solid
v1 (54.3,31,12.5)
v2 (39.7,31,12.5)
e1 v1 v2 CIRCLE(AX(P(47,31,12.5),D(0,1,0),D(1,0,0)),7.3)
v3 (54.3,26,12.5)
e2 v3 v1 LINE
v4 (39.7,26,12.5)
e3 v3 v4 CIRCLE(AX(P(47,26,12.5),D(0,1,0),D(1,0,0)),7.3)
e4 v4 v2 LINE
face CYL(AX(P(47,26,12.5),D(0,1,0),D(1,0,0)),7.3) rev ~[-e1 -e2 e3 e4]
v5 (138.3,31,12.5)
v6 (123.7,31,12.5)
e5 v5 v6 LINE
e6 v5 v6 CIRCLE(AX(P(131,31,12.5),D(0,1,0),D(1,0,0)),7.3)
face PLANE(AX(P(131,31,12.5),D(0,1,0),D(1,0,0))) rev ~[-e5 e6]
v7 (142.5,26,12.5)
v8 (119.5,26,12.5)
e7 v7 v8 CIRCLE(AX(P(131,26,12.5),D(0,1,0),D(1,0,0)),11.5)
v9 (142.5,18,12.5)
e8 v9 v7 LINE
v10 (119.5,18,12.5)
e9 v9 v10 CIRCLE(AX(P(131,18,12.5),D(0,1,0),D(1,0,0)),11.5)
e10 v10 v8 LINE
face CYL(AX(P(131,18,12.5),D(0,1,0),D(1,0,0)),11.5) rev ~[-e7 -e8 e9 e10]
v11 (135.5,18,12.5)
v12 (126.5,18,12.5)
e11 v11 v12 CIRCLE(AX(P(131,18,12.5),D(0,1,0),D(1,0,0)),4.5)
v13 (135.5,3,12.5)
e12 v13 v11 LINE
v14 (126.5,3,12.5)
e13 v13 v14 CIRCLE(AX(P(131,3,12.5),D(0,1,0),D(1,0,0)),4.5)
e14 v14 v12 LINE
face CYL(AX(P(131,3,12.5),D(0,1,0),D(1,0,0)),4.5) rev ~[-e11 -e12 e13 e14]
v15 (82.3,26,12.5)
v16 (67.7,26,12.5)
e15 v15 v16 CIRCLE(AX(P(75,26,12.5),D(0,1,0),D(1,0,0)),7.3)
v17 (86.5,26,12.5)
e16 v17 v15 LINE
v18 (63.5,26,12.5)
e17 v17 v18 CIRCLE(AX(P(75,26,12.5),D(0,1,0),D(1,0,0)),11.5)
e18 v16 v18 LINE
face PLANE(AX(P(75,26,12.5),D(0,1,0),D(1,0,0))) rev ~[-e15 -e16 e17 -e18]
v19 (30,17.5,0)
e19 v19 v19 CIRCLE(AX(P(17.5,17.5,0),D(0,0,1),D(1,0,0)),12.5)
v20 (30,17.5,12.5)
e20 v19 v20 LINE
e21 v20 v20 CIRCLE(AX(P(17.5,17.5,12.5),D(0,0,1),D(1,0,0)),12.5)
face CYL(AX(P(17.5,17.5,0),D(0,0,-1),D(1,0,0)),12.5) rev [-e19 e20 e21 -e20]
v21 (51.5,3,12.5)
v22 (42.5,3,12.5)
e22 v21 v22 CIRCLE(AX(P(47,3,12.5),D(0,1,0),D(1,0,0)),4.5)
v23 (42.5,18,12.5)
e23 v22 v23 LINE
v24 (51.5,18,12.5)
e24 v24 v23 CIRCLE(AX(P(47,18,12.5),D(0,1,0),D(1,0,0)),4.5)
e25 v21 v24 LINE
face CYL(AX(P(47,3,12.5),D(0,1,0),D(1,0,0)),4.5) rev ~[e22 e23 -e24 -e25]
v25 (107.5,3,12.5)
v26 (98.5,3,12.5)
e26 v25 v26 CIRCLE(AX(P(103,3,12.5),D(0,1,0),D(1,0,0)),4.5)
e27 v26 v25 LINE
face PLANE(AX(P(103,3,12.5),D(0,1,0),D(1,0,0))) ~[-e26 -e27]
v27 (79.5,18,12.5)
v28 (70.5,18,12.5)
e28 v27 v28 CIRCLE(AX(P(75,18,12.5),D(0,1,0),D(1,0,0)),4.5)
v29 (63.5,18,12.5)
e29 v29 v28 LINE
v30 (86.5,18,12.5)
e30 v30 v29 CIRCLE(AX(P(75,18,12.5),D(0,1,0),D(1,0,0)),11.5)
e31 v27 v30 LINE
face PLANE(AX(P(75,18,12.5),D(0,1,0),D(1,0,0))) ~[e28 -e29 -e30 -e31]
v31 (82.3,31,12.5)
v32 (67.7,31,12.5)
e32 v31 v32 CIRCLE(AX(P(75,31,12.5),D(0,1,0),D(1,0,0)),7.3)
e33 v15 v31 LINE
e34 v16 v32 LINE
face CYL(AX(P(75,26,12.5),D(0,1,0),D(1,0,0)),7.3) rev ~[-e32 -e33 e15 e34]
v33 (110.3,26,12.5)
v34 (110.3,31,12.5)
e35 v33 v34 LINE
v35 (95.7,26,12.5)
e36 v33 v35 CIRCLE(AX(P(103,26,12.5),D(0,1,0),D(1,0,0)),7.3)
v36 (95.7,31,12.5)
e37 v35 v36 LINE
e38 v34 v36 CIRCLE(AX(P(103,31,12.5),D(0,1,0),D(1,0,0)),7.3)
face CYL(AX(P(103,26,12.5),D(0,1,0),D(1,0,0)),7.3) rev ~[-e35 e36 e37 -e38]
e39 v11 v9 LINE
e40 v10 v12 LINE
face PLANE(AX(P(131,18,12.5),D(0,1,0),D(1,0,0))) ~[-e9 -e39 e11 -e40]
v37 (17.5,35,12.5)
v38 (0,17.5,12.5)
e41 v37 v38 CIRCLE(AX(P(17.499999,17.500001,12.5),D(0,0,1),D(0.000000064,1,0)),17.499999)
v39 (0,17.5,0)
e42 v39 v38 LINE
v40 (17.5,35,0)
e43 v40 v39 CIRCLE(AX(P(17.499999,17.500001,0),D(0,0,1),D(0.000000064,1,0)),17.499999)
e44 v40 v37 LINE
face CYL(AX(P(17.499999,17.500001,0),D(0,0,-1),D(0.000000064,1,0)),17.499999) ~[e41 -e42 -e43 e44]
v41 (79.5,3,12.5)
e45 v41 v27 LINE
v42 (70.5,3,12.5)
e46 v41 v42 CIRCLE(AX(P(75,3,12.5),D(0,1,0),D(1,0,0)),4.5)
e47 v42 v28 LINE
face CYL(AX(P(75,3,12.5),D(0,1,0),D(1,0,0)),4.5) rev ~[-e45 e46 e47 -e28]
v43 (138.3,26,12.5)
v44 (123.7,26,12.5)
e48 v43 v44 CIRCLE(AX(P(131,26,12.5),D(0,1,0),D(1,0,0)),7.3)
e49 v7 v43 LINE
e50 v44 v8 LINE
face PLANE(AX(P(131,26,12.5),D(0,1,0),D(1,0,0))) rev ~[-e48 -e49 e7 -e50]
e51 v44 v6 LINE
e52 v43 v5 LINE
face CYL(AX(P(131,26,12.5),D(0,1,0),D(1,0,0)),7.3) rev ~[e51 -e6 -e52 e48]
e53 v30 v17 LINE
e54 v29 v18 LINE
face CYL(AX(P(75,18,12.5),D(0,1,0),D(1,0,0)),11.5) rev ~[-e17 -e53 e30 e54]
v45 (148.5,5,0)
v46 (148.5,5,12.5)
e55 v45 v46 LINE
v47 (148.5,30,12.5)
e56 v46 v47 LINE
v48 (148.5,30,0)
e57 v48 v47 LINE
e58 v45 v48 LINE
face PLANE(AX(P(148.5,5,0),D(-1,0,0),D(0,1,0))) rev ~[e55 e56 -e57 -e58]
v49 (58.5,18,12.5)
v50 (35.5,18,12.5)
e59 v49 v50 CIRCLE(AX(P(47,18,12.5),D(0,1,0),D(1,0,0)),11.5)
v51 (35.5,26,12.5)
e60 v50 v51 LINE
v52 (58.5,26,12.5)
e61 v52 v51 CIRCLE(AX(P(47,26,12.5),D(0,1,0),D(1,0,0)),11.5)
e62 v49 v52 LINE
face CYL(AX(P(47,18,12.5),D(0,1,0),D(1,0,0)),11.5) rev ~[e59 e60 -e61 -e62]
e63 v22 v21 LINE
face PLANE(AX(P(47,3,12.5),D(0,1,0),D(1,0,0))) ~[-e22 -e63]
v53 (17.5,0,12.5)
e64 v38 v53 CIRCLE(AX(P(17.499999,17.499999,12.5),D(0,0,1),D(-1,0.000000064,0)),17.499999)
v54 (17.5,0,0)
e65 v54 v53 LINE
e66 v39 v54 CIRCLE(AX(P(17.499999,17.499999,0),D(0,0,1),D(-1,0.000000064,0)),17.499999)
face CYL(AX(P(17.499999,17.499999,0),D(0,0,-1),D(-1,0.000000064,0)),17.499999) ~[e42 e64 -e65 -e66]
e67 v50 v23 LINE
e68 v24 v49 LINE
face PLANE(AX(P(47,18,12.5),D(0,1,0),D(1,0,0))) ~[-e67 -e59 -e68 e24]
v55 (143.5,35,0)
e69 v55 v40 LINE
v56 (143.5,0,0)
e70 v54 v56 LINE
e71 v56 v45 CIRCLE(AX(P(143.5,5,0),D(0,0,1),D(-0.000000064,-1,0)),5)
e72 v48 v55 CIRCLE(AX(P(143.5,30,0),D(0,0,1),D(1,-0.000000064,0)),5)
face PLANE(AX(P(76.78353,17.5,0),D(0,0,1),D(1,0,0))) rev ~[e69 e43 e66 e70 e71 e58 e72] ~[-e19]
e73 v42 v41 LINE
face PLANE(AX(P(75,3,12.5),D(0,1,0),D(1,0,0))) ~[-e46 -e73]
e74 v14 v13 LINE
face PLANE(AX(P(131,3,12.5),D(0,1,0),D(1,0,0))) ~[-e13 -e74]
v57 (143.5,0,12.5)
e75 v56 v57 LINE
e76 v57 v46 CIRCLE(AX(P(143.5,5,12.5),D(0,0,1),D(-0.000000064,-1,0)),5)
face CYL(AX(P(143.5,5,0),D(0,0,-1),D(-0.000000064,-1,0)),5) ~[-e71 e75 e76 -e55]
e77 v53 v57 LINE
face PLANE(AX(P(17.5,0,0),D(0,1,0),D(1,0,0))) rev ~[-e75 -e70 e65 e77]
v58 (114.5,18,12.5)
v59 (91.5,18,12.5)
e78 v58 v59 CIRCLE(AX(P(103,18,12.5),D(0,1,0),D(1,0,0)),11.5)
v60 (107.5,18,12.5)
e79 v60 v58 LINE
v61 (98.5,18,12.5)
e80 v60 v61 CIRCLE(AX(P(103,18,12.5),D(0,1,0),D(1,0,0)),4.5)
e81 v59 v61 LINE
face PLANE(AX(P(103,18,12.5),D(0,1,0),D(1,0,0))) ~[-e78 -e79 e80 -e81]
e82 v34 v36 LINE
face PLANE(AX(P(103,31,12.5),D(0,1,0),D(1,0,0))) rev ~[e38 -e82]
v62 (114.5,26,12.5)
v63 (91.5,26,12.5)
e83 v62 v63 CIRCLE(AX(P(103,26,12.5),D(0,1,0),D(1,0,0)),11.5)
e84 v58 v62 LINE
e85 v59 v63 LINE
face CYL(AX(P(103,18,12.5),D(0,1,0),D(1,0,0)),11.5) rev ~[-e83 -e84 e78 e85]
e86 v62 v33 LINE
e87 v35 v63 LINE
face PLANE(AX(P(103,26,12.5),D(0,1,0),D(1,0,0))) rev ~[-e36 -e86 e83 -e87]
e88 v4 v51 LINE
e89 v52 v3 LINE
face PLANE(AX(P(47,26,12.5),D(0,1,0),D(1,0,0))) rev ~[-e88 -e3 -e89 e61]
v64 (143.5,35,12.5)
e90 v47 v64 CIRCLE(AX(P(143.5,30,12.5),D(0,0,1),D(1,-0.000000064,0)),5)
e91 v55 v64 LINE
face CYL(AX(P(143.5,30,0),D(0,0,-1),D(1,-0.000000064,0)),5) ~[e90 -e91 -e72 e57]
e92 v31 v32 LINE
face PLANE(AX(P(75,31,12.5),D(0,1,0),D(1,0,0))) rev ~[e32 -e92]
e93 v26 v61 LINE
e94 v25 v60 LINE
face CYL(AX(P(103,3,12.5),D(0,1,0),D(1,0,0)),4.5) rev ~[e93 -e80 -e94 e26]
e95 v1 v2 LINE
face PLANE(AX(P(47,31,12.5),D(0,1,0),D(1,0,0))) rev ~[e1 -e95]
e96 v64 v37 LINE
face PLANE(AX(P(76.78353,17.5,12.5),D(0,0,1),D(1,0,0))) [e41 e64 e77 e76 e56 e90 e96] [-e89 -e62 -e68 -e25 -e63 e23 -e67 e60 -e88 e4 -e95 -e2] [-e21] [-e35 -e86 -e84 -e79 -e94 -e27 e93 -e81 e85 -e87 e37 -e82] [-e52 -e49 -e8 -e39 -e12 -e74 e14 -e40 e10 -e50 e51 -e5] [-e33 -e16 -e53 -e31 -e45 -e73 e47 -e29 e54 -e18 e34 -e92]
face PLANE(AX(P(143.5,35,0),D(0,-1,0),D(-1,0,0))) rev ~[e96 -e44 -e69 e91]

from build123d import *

# Parameters (mm, degrees)
F0_R     = 12.5
F1_DEPTH = 12.5


with BuildPart() as f1:
    # F0 (on Top) → F1 (new body)
    with BuildSketch(Plane.XY):
        with BuildLine():
            ThreePointArc((0, 17.5), (5.125631, 5.125631), (17.5, 0))
            Line((17.5, 0), (143.5, 0))
            ThreePointArc((143.5, 0), (147.035534, 1.464466), (148.5, 5))
            Line((148.5, 5), (148.5, 30))
            ThreePointArc((148.5, 30), (147.035534, 33.535534), (143.5, 35))
            Line((143.5, 35), (17.5, 35))
            ThreePointArc((17.5, 35), (5.125631, 29.874369), (0, 17.5))
        make_face()
        with Locations((17.5, 17.5)):
            Circle(F0_R, mode=Mode.SUBTRACT)
    extrude(amount=F1_DEPTH)

    # F2 (on face) → F3 (revolve, cut)
    with BuildSketch(Plane.XY.offset(12.5)):
        Polygon((47, 18), (47, 3), (51.5, 3), (51.5, 18), (58.5, 18), (58.5, 26), (54.3, 26), (54.3, 31), (47, 31), (47, 26), align=None)
    revolve(axis=Axis((47, 10.5, 12.5), (0, 1, 0)), mode=Mode.SUBTRACT)

    # F2 (on face) → F4 (revolve, cut)
    with BuildSketch(Plane.XY.offset(12.5)):
        Polygon((75, 18), (75, 3), (79.5, 3), (79.5, 18), (86.5, 18), (86.5, 26), (82.3, 26), (82.3, 31), (75, 31), (75, 26), align=None)
    revolve(axis=Axis((75, 22, 12.5), (0, 1, 0)), mode=Mode.SUBTRACT)

    # F2 (on face) → F5 (revolve, cut)
    with BuildSketch(Plane.XY.offset(12.5)):
        Polygon((103, 18), (103, 3), (107.5, 3), (107.5, 18), (114.5, 18), (114.5, 26), (110.3, 26), (110.3, 31), (103, 31), (103, 26), align=None)
    revolve(axis=Axis((103, 22, 12.5), (0, 1, 0)), mode=Mode.SUBTRACT)

    # F2 (on face) → F6 (revolve, cut)
    with BuildSketch(Plane.XY.offset(12.5)):
        Polygon((131, 18), (131, 3), (135.5, 3), (135.5, 18), (142.5, 18), (142.5, 26), (138.3, 26), (138.3, 31), (131, 31), (131, 26), align=None)
    revolve(axis=Axis((131, 22, 12.5), (0, 1, 0)), mode=Mode.SUBTRACT)


solid = f1.part
